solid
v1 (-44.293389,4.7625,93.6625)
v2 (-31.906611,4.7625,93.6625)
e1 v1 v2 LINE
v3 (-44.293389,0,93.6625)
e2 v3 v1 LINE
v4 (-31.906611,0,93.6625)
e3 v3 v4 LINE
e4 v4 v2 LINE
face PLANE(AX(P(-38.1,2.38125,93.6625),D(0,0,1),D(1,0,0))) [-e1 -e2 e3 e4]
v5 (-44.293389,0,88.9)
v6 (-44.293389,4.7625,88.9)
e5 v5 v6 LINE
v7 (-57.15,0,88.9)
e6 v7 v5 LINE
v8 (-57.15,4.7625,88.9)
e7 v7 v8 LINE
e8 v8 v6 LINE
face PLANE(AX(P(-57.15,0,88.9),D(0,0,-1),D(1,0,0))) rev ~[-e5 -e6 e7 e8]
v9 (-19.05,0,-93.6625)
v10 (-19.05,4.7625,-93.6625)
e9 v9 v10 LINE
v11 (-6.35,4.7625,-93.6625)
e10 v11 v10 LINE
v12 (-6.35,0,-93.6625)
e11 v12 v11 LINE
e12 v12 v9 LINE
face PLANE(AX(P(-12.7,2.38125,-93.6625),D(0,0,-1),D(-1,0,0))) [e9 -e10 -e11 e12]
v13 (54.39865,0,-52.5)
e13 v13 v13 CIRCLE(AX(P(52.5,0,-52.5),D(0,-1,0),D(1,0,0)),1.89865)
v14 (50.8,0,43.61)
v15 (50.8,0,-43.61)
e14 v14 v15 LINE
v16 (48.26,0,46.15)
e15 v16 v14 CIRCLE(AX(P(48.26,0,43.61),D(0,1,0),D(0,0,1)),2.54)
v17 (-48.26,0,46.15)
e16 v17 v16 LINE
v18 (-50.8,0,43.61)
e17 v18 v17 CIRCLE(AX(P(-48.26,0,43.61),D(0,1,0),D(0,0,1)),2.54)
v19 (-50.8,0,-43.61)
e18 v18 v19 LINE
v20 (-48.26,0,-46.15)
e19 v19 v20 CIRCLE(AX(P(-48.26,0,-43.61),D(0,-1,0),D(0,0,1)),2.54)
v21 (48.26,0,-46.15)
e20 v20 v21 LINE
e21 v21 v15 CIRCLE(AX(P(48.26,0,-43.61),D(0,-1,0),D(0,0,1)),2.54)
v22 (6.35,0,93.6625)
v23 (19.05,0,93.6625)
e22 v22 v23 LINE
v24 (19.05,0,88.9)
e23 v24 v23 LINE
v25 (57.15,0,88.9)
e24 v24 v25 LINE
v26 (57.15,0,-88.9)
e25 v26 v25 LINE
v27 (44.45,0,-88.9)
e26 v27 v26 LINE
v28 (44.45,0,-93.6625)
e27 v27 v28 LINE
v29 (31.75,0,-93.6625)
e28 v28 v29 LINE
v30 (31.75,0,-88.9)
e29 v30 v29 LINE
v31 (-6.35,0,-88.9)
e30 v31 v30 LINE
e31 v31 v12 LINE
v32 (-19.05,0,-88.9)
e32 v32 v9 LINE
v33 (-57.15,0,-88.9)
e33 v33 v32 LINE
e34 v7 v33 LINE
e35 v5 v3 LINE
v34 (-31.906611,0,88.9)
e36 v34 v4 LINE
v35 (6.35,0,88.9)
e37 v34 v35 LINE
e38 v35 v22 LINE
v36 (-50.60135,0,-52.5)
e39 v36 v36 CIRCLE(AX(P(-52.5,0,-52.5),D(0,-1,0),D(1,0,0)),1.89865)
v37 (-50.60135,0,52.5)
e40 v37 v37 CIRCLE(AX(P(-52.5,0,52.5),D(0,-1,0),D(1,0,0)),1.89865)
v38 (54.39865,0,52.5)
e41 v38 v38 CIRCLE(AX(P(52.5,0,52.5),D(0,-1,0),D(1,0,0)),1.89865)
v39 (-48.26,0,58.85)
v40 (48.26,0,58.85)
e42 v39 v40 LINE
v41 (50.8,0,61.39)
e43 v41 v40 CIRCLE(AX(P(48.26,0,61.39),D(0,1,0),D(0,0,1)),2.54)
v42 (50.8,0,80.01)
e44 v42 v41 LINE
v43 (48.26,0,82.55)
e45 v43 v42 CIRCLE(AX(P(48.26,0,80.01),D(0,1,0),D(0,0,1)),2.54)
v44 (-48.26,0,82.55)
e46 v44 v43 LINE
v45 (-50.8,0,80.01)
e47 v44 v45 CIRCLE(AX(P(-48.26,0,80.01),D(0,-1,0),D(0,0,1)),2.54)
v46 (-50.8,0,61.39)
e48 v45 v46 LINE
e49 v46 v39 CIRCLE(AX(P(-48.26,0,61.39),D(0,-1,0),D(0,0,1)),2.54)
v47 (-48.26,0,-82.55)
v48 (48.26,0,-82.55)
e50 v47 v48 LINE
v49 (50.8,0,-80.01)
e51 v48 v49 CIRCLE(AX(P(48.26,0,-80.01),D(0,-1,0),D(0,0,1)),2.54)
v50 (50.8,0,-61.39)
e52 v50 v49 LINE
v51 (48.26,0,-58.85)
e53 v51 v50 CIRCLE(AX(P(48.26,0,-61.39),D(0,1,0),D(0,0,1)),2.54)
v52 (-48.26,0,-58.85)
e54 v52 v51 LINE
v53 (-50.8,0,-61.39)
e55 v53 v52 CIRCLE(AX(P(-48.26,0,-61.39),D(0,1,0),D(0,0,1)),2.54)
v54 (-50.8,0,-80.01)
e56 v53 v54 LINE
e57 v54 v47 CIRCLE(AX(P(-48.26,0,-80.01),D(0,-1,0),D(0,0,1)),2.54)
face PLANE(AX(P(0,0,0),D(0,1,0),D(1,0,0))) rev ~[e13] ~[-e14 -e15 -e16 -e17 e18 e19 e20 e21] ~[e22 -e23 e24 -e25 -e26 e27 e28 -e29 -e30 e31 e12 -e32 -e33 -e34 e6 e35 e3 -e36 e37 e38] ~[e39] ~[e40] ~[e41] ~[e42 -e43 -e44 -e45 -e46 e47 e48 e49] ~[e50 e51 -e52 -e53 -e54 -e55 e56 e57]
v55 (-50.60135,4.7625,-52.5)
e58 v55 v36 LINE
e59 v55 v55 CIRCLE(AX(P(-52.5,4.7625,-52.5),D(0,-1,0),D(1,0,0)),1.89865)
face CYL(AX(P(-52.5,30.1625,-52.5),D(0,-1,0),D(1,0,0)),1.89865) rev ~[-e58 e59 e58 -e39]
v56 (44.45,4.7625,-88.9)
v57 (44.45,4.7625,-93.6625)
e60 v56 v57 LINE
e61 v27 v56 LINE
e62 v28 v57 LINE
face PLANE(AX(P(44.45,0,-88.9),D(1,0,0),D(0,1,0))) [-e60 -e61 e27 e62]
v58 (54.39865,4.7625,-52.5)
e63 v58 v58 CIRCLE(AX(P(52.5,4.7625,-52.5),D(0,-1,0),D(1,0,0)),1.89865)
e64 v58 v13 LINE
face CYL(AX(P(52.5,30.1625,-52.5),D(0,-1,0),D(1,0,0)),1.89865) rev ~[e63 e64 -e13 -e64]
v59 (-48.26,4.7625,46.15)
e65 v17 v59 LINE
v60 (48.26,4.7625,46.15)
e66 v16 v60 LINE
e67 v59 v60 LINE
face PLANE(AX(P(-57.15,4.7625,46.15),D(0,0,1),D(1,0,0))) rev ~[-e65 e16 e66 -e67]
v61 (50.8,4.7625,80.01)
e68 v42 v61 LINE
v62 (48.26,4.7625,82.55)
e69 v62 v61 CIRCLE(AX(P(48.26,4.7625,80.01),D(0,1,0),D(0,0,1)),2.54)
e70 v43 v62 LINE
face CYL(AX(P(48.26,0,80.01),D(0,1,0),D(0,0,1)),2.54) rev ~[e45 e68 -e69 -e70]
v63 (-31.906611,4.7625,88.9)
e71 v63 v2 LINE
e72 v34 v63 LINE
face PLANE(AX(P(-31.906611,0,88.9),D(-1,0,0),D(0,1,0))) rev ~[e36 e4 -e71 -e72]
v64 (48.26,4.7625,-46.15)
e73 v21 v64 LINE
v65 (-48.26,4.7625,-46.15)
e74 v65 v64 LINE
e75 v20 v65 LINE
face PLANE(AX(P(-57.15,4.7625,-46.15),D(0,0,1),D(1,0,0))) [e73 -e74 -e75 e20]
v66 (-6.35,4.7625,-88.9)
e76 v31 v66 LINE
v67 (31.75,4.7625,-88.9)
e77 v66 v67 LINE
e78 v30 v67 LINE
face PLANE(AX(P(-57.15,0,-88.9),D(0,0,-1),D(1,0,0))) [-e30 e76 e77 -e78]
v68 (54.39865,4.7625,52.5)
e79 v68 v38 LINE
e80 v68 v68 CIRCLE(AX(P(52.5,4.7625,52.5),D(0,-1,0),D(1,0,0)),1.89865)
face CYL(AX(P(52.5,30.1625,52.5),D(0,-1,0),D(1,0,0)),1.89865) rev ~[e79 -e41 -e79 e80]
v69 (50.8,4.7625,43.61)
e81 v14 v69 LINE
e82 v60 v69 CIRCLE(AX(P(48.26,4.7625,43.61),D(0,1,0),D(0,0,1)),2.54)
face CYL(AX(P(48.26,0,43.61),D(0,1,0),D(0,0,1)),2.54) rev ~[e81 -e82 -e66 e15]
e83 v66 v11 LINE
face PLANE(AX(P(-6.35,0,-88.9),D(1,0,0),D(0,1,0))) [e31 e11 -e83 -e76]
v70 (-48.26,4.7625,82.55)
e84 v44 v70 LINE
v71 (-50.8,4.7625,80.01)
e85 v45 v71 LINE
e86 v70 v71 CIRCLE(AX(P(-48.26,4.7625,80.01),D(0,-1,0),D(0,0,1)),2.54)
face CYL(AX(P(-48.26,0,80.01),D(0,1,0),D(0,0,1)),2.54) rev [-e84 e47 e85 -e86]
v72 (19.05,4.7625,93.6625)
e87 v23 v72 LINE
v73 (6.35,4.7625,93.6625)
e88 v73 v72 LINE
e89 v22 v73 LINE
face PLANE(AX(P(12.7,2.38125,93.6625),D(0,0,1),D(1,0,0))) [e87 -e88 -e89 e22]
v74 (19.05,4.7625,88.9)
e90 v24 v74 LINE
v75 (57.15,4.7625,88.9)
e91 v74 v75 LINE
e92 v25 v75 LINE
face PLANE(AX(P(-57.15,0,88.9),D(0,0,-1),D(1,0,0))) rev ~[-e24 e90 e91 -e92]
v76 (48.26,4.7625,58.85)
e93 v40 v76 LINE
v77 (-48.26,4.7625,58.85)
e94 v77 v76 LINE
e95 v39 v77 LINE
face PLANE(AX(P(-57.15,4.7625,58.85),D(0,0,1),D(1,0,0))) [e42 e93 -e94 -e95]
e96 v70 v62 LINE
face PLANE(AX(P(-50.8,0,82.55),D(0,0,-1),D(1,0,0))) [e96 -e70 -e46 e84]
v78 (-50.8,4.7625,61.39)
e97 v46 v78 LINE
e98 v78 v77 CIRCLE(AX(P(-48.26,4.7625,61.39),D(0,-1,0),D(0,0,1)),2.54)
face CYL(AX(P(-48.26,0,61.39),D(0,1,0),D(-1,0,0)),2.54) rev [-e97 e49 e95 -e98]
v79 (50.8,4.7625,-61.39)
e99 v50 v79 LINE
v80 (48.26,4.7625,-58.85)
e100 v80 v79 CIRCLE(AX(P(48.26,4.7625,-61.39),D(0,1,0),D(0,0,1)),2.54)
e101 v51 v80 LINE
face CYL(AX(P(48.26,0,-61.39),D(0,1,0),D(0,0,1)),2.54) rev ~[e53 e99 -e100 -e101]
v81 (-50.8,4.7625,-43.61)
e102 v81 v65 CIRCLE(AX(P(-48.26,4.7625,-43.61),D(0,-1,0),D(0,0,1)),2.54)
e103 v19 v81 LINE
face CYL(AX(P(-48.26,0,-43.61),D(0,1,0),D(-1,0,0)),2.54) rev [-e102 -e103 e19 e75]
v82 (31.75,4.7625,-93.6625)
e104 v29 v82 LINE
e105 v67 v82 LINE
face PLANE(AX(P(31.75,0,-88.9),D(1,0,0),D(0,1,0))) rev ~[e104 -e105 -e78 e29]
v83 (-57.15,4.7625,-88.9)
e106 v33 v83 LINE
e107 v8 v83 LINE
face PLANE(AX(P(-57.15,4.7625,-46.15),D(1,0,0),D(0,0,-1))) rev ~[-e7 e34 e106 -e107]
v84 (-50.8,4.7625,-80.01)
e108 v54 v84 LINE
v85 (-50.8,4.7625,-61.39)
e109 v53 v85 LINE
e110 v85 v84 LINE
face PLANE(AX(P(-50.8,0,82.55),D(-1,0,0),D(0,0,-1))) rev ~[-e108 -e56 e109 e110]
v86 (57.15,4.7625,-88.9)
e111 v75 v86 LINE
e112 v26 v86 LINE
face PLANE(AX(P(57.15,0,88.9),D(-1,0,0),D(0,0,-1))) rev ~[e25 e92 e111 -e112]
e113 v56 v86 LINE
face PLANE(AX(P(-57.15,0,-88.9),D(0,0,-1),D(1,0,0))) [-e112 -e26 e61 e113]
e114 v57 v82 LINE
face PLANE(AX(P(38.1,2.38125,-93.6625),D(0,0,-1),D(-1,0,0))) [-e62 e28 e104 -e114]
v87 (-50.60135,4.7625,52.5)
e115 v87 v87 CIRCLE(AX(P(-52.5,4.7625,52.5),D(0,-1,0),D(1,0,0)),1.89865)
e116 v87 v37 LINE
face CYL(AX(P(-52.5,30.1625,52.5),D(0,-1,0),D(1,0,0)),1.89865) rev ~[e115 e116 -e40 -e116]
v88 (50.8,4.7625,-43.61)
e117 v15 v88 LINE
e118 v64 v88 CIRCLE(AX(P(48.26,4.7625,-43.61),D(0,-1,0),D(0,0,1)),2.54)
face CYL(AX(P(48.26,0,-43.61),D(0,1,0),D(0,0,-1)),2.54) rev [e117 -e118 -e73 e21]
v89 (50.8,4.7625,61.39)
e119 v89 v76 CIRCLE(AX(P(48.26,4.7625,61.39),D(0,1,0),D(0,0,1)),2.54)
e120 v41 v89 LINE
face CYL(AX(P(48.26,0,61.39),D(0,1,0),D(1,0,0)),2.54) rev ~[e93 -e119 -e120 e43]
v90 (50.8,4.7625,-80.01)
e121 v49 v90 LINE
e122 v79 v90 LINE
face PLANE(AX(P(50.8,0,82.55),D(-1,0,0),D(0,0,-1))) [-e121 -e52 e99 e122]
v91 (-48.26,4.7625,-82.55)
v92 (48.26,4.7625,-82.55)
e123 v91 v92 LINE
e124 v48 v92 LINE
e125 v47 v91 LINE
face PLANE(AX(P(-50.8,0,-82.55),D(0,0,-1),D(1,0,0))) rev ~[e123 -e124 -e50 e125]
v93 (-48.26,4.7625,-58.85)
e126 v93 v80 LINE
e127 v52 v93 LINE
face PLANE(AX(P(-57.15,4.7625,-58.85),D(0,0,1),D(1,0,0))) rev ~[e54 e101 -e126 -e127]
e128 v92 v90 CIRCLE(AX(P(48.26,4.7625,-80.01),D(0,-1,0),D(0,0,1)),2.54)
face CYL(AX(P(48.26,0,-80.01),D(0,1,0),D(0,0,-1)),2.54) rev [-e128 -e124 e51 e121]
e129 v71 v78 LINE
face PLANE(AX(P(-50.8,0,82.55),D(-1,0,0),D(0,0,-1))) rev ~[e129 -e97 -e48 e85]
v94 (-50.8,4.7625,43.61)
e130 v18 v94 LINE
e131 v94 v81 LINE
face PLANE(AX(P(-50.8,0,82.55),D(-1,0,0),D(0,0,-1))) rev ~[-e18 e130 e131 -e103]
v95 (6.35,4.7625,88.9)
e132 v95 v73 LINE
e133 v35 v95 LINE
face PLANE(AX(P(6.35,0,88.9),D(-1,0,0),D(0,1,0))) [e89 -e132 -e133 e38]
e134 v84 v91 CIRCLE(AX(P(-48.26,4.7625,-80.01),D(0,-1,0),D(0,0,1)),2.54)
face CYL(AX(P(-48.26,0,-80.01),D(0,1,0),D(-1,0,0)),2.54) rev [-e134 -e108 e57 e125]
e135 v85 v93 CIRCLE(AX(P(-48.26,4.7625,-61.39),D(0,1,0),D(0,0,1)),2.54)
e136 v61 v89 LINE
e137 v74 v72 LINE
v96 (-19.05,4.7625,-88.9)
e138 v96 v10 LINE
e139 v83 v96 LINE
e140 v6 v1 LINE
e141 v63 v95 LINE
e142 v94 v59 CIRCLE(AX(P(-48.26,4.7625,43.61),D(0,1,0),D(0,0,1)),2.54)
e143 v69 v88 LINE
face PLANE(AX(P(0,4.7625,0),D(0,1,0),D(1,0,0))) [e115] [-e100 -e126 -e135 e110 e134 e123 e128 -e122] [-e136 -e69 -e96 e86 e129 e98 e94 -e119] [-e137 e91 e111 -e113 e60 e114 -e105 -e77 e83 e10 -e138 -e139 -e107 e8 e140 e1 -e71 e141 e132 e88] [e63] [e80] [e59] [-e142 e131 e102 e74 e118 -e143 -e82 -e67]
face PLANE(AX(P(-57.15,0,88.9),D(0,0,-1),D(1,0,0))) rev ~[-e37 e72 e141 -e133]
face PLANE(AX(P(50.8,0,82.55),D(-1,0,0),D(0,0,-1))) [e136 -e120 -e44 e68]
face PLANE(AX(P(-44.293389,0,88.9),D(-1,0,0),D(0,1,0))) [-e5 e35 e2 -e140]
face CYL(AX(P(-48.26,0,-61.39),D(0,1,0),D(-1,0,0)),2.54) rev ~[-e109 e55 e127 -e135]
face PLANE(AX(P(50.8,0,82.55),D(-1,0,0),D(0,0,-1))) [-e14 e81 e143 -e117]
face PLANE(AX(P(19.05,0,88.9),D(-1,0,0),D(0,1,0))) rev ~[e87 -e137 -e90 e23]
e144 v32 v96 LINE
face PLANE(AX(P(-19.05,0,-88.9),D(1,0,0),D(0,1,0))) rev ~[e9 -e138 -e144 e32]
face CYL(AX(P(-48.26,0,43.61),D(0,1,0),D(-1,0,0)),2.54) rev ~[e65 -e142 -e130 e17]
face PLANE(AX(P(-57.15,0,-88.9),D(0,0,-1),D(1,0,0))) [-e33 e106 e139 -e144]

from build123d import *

# Parameters (mm, degrees)
SKETCH1_W                 = 114.3
SKETCH1_H                 = 177.8
SKETCH1_W_2               = 101.6
SKETCH1_H_2               = 165.1
BOSS_EXTRUDE1_DEPTH       = 4.7625
SKETCH2_W                 = 12.38677804
SKETCH2_H                 = 4.7625
SKETCH2_W_2               = 12.7
BOSS_EXTRUDE2_DEPTH       = 4.7625
SKETCH3_W                 = 12.7
SKETCH3_H                 = 4.7625
BOSS_EXTRUDE3_DEPTH       = 4.7625
FILLET1_R                 = 2.54
SKETCH4_W                 = 114.3
SKETCH4_H                 = 12.7
BOSS_EXTRUDE4_DEPTH       = 4.7625
F_6_CLEARANCE_HOLE1_D     = 3.7973
F_6_CLEARANCE_HOLE1_DEPTH = 25.4
F_6_CLEARANCE_HOLE1_TIP   = 1.140824014
FILLET2_R                 = 2.54


with BuildPart() as part:
    # Sketch1 → Boss-Extrude1 (new body)
    with BuildSketch(Plane(origin=(0, 0, 0), x_dir=(1, 0, 0), z_dir=(0, 1, 0))):
        Rectangle(SKETCH1_W, SKETCH1_H)
        Rectangle(SKETCH1_W_2, SKETCH1_H_2, mode=Mode.SUBTRACT)
    extrude(amount=BOSS_EXTRUDE1_DEPTH)

    # Sketch2 → Boss-Extrude2 (add)
    with BuildSketch(Plane.XY.offset(88.9)):
        with Locations((-38.1, 2.38125)):
            Rectangle(SKETCH2_W, SKETCH2_H)
        with Locations((12.7, 2.38125)):
            Rectangle(SKETCH2_W_2, SKETCH2_H)
    extrude(amount=BOSS_EXTRUDE2_DEPTH)

    # Sketch3 → Boss-Extrude3 (add)
    with BuildSketch(Plane(origin=(0, 0, -88.9), x_dir=(-1, 0, 0), z_dir=(0, 0, -1))):
        with Locations((-38.1, 2.38125)):
            Rectangle(SKETCH3_W, SKETCH3_H)
        with Locations((12.7, 2.38125)):
            Rectangle(SKETCH3_W, SKETCH3_H)
    extrude(amount=BOSS_EXTRUDE3_DEPTH)

    # Fillet1
    fillet1_edges = [part.edges().sort_by_distance(p)[0] for p in [
        (50.8, 2.38125, 82.55),
        (50.8, 2.38125, -82.55),
        (-50.8, 2.38125, -82.55),
        (-50.8, 2.38125, 82.55),
    ]]
    fillet(fillet1_edges, radius=FILLET1_R)

    # Sketch4 → Boss-Extrude4 (add)
    with BuildSketch(Plane(origin=(0, 4.7625, 0), x_dir=(1, 0, 0), z_dir=(0, 1, 0))):
        with Locations((0, 52.5)):
            Rectangle(SKETCH4_W, SKETCH4_H)
        with Locations((0, -52.5)):
            Rectangle(SKETCH4_W, SKETCH4_H)
    extrude(amount=-BOSS_EXTRUDE4_DEPTH)

    # #6 Clearance Hole1
    with Locations(Plane(origin=(0, 4.7625, 0), x_dir=(-1, 0, 0), z_dir=(0, 1, 0))):
        with Locations((52.5, -52.5), (-52.5, -52.5), (52.5, 52.5), (-52.5, 52.5)):
            Hole(F_6_CLEARANCE_HOLE1_D / 2, depth=F_6_CLEARANCE_HOLE1_DEPTH)
            with Locations((0, 0, -(F_6_CLEARANCE_HOLE1_DEPTH + F_6_CLEARANCE_HOLE1_TIP / 2))):  # 118° drill point
                Cone(0, F_6_CLEARANCE_HOLE1_D / 2, F_6_CLEARANCE_HOLE1_TIP, mode=Mode.SUBTRACT)

    # Fillet2
    fillet2_edges = [part.edges().sort_by_distance(p)[0] for p in [
        (-50.8, 2.38125, -46.15),
        (-50.8, 2.38125, -58.85),
        (50.8, 2.38125, -58.85),
        (50.8, 2.38125, -46.15),
        (-50.8, 2.38125, 58.85),
        (-50.8, 2.38125, 46.15),
        (50.8, 2.38125, 46.15),
        (50.8, 2.38125, 58.85),
    ]]
    fillet(fillet2_edges, radius=FILLET2_R)


solid = part.part
